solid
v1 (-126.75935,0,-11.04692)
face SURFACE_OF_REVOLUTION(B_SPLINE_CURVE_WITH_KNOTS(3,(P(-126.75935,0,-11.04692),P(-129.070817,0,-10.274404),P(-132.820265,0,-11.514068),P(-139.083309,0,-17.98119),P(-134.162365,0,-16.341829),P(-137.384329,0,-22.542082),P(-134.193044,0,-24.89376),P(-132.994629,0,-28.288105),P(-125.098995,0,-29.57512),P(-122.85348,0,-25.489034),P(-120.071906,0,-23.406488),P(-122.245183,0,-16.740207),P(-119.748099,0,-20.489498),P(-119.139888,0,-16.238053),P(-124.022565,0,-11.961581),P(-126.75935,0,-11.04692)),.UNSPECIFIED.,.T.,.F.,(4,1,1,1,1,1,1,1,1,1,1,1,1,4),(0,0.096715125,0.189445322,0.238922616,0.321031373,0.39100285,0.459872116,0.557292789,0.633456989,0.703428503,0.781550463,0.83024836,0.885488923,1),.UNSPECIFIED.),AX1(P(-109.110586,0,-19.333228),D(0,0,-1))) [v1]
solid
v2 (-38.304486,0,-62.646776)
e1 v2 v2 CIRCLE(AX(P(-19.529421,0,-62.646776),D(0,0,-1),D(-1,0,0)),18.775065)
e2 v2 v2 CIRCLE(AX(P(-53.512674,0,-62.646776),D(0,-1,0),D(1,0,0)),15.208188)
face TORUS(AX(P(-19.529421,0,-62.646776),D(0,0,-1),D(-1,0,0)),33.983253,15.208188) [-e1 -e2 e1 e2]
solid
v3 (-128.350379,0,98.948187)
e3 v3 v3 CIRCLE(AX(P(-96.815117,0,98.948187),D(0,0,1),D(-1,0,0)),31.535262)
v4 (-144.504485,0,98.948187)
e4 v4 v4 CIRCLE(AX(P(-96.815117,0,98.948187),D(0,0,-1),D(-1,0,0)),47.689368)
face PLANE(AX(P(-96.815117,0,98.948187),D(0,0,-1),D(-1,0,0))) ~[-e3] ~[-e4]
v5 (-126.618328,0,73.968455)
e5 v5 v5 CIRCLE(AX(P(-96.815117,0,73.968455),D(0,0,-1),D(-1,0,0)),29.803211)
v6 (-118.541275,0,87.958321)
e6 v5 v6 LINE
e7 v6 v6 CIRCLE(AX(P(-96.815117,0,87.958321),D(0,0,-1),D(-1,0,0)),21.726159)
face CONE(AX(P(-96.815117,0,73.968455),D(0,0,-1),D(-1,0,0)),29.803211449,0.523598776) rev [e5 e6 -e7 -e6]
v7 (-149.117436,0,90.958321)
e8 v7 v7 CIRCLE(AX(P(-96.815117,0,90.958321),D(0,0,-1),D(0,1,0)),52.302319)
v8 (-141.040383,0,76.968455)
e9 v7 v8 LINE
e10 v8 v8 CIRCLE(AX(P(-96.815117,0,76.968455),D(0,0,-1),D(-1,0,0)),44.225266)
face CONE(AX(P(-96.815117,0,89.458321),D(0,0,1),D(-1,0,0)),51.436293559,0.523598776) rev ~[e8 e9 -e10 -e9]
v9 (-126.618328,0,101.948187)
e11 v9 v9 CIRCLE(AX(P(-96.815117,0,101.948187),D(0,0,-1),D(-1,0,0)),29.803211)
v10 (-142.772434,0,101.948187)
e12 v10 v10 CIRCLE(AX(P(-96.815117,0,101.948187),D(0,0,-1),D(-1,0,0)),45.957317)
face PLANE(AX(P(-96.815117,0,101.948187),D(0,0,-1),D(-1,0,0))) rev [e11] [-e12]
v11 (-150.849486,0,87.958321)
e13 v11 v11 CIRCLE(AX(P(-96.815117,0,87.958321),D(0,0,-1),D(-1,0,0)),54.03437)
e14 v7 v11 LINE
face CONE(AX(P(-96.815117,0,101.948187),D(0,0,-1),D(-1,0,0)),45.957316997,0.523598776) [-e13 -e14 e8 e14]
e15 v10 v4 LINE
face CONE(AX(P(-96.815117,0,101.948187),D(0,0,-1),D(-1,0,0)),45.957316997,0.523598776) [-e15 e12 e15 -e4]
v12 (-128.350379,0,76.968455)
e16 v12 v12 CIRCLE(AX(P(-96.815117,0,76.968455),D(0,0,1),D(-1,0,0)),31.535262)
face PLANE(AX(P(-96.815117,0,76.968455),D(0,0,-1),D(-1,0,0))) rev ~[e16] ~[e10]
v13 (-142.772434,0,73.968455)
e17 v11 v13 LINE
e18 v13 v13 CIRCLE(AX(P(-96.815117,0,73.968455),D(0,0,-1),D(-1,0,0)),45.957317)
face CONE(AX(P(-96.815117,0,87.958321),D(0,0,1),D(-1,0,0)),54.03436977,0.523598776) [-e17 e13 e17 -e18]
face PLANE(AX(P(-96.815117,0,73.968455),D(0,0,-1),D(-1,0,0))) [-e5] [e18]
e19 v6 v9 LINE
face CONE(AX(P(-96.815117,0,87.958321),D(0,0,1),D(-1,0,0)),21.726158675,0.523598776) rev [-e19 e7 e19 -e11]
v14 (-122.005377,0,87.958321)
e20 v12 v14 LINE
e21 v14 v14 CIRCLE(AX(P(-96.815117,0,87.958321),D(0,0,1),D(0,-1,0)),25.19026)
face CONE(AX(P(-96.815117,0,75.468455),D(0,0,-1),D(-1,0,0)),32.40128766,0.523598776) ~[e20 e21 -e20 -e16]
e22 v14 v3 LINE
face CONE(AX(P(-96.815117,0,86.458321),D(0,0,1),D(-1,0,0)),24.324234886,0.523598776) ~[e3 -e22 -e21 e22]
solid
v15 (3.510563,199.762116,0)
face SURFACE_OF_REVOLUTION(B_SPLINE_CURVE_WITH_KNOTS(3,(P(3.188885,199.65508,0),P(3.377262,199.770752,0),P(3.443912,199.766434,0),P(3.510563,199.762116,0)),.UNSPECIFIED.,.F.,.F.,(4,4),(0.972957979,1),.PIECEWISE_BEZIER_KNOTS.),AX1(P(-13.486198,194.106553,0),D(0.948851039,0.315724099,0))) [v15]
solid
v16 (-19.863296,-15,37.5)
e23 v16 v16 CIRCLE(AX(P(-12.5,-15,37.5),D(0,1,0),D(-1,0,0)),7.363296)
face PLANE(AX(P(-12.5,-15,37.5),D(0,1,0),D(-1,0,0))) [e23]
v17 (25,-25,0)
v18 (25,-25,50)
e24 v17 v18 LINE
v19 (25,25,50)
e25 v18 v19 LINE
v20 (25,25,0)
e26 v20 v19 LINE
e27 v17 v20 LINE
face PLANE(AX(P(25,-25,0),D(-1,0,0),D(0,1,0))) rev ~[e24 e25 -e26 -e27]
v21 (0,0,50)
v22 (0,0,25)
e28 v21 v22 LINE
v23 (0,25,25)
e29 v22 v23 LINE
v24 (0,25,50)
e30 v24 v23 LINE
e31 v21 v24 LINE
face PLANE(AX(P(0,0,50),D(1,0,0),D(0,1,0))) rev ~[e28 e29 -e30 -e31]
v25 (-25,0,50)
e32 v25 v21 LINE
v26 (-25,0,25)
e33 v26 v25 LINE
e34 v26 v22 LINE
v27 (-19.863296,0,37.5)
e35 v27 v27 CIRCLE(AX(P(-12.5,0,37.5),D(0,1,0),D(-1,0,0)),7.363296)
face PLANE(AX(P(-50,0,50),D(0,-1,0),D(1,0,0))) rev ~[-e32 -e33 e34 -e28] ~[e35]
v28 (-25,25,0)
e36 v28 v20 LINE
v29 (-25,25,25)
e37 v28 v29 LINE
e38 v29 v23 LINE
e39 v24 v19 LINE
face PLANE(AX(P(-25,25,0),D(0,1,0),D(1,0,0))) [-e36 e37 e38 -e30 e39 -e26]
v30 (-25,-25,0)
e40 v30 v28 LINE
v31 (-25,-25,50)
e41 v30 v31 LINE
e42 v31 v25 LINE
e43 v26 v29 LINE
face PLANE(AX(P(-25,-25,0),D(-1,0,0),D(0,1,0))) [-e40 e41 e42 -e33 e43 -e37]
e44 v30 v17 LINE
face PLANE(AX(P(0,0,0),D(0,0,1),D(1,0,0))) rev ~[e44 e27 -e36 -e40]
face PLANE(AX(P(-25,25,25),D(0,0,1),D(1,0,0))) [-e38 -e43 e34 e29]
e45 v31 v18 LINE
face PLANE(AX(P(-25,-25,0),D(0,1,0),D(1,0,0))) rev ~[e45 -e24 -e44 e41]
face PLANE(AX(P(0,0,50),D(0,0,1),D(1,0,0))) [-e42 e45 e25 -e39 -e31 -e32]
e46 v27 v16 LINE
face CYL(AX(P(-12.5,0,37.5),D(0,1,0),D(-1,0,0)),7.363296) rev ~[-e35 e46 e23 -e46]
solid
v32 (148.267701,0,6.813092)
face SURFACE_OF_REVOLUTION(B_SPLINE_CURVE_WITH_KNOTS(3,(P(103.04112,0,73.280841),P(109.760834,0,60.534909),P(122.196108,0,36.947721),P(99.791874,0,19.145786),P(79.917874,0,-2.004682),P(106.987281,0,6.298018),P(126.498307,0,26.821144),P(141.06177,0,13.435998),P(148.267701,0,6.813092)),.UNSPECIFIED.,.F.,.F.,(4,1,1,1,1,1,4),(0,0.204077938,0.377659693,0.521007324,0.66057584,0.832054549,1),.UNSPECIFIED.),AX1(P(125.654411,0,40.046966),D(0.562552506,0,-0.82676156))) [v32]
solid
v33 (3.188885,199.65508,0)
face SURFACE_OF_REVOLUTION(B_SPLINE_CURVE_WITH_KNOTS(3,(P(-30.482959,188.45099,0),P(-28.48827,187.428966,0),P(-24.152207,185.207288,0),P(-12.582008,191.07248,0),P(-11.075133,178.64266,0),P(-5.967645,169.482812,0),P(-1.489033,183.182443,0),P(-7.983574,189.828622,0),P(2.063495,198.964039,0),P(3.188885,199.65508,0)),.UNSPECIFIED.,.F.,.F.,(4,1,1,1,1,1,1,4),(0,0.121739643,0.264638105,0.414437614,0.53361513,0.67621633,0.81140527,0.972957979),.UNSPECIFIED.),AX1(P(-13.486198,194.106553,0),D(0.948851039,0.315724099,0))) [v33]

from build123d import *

# Parameters (mm, degrees)
F0_W     = 50
F0_H     = 50
F1_DEPTH = 50
F2_W     = 50
F2_H     = 50
F3_DEPTH = 25
F4_R     = 7.3632964055
F7_DEPTH = 15
F8_R     = 15.208187922
F14_T    = -3


with BuildPart() as f1:
    # F0 (on Top) → F1 (new body)
    with BuildSketch(Plane.XY):
        Rectangle(F0_W, F0_H)
    extrude(amount=F1_DEPTH)

    # F2 (on face) → F3 (cut)
    with BuildSketch(Plane.XY.offset(50)):
        with Locations((-25, 25)):
            Rectangle(F2_W, F2_H)
    extrude(amount=-F3_DEPTH, mode=Mode.SUBTRACT)

    # F4 (on face) → F7 (cut)
    with BuildSketch(Plane(origin=(0, 0, 0), x_dir=(-1, 0, 0), z_dir=(0, 1, 0))):
        with Locations((12.5, 37.5)):
            Circle(F4_R)
    extrude(amount=-F7_DEPTH, mode=Mode.SUBTRACT)


with BuildPart() as f6:
    # F5 (on Front) → F6 (revolve)
    with BuildSketch(Plane.XZ):
        with BuildLine():
            Line((148.2677012682, 6.8130916916), (103.0411198735, 73.2808411121))
            add(Edge.make_bspline(
                [(103.0411198735, 73.2808411121), (109.7608337019, 60.5349091077), (122.1961076109, 36.9477207616), (99.7918736994, 19.1457862173), (79.9178743582, -2.0046815316), (106.987280773, 6.2980180184), (126.4983069916, 26.8211439045), (141.0617696071, 13.4359979189), (148.2677012682, 6.8130916916)],
                knots=[0, 0, 0, 0, 0.2040779383, 0.377659693, 0.5210073241, 0.6605758398, 0.8320545486, 1, 1, 1, 1], degree=3))
        make_face()
    revolve(axis=Axis((125.6544105709, 0, 40.0469664019), (0.5625525061, 0, -0.8267615605)))


with BuildPart() as f9:
    # F8 (on Front) → F9 (revolve)
    with BuildSketch(Plane.XZ):
        with Locations((-53.512673825, -62.6467764378)):
            Circle(F8_R)
    revolve(axis=Axis((-19.5294208825, 0, -64.0312787145), (0, 0, -1)))


with BuildPart() as f11:
    # F10 (on Front) → F11 (revolve)
    with BuildSketch(Plane.XZ):
        with BuildLine():
            add(Edge.make_bspline(
                [(-126.7593502998, -11.0469199717), (-129.0708167425, -10.2744043268), (-132.8202651923, -11.5140680915), (-139.083309172, -17.9811899886), (-134.1623649972, -16.3418286529), (-137.3843287965, -22.5420819628), (-134.1930439902, -24.8937600983), (-132.9946294505, -28.2881053226), (-125.0989953133, -29.5751198942), (-122.8534796947, -25.4890342887), (-120.0719063757, -23.4064877427), (-122.2451832593, -16.7402067043), (-119.7480987378, -20.4894980416), (-119.1398875869, -16.238052509), (-124.0225652321, -11.9615814363), (-126.7593502998, -11.0469199717)],
                knots=[0, 0, 0, 0, 0.0967151255, 0.1894453217, 0.2389226159, 0.3210313727, 0.3910028495, 0.4598721162, 0.5572927888, 0.6334569888, 0.7034285029, 0.7815504626, 0.8302483605, 0.8854889233, 1, 1, 1, 1], degree=3))
        make_face()
    revolve(axis=Axis((-109.1105863452, 0, -19.3332284689), (0, 0, -1)))


with BuildPart() as f13:
    # F12 (on Front) → F13 (revolve)
    with BuildSketch(Plane.XZ):
        Polygon((-142.7724337001, 73.9684551954), (-126.6183281522, 73.9684551954), (-118.5412753783, 87.9583209753), (-126.6183281522, 101.9481867552), (-142.7724337001, 101.9481867552), (-150.849486474, 87.9583209753), align=None)
    revolve(axis=Axis((-96.8151167035, 0, 86.9897902012), (0, 0, -1)))

    # F14
    f14_openings = [f13.faces().sort_by_distance(p)[0] for p in [
        (-46.819273, 0, 94.953254),
    ]]
    offset(amount=F14_T, openings=f14_openings)


with BuildPart() as f16:
    # F15 (on Top) → F16 (revolve)
    with BuildSketch(Plane.XY):
        with BuildLine():
            Line((3.1888849348, 199.655079875), (-30.4829593356, 188.4509896141))
            add(Edge.make_bspline(
                [(-30.4829593356, 188.4509896141), (-28.4882702351, 187.4289662785), (-24.1522073935, 185.2072880191), (-12.5820079287, 191.0724799721), (-11.0751325998, 178.6426600244), (-5.9676449381, 169.4828121924), (-1.4890325943, 183.1824425857), (-7.9835736699, 189.8286221356), (2.0634949934, 198.9640387605), (3.1888849348, 199.655079875)],
                knots=[0, 0, 0, 0, 0.1217396432, 0.2646381048, 0.4144376138, 0.5336151298, 0.6762163305, 0.8114052701, 0.972957979, 0.972957979, 0.972957979, 0.972957979], degree=3))
        make_face()
    revolve(axis=Axis((-13.4861981903, 194.1065528938, 0), (0.9488510387, 0.3157240986, 0)))


with BuildPart() as f16b:
    # F15 (on Top) → F16, piece 2 (revolve)
    with BuildSketch(Plane.XY):
        with BuildLine():
            add(Edge.make_bspline(
                [(3.1888849348, 199.655079875), (3.3772619586, 199.7707520199), (3.4439124569, 199.7664340967), (3.5105629551, 199.7621161734)],
                knots=[0.972957979, 0.972957979, 0.972957979, 0.972957979, 1, 1, 1, 1], degree=3))
            Line((3.1888849348, 199.655079875), (3.5105629551, 199.7621161734))
        make_face()
    revolve(axis=Axis((-13.4861981903, 194.1065528938, 0), (0.9488510387, 0.3157240986, 0)))


solid = Compound([f1.part, f6.part, f9.part, f11.part, f13.part, f16.part, f16b.part])
